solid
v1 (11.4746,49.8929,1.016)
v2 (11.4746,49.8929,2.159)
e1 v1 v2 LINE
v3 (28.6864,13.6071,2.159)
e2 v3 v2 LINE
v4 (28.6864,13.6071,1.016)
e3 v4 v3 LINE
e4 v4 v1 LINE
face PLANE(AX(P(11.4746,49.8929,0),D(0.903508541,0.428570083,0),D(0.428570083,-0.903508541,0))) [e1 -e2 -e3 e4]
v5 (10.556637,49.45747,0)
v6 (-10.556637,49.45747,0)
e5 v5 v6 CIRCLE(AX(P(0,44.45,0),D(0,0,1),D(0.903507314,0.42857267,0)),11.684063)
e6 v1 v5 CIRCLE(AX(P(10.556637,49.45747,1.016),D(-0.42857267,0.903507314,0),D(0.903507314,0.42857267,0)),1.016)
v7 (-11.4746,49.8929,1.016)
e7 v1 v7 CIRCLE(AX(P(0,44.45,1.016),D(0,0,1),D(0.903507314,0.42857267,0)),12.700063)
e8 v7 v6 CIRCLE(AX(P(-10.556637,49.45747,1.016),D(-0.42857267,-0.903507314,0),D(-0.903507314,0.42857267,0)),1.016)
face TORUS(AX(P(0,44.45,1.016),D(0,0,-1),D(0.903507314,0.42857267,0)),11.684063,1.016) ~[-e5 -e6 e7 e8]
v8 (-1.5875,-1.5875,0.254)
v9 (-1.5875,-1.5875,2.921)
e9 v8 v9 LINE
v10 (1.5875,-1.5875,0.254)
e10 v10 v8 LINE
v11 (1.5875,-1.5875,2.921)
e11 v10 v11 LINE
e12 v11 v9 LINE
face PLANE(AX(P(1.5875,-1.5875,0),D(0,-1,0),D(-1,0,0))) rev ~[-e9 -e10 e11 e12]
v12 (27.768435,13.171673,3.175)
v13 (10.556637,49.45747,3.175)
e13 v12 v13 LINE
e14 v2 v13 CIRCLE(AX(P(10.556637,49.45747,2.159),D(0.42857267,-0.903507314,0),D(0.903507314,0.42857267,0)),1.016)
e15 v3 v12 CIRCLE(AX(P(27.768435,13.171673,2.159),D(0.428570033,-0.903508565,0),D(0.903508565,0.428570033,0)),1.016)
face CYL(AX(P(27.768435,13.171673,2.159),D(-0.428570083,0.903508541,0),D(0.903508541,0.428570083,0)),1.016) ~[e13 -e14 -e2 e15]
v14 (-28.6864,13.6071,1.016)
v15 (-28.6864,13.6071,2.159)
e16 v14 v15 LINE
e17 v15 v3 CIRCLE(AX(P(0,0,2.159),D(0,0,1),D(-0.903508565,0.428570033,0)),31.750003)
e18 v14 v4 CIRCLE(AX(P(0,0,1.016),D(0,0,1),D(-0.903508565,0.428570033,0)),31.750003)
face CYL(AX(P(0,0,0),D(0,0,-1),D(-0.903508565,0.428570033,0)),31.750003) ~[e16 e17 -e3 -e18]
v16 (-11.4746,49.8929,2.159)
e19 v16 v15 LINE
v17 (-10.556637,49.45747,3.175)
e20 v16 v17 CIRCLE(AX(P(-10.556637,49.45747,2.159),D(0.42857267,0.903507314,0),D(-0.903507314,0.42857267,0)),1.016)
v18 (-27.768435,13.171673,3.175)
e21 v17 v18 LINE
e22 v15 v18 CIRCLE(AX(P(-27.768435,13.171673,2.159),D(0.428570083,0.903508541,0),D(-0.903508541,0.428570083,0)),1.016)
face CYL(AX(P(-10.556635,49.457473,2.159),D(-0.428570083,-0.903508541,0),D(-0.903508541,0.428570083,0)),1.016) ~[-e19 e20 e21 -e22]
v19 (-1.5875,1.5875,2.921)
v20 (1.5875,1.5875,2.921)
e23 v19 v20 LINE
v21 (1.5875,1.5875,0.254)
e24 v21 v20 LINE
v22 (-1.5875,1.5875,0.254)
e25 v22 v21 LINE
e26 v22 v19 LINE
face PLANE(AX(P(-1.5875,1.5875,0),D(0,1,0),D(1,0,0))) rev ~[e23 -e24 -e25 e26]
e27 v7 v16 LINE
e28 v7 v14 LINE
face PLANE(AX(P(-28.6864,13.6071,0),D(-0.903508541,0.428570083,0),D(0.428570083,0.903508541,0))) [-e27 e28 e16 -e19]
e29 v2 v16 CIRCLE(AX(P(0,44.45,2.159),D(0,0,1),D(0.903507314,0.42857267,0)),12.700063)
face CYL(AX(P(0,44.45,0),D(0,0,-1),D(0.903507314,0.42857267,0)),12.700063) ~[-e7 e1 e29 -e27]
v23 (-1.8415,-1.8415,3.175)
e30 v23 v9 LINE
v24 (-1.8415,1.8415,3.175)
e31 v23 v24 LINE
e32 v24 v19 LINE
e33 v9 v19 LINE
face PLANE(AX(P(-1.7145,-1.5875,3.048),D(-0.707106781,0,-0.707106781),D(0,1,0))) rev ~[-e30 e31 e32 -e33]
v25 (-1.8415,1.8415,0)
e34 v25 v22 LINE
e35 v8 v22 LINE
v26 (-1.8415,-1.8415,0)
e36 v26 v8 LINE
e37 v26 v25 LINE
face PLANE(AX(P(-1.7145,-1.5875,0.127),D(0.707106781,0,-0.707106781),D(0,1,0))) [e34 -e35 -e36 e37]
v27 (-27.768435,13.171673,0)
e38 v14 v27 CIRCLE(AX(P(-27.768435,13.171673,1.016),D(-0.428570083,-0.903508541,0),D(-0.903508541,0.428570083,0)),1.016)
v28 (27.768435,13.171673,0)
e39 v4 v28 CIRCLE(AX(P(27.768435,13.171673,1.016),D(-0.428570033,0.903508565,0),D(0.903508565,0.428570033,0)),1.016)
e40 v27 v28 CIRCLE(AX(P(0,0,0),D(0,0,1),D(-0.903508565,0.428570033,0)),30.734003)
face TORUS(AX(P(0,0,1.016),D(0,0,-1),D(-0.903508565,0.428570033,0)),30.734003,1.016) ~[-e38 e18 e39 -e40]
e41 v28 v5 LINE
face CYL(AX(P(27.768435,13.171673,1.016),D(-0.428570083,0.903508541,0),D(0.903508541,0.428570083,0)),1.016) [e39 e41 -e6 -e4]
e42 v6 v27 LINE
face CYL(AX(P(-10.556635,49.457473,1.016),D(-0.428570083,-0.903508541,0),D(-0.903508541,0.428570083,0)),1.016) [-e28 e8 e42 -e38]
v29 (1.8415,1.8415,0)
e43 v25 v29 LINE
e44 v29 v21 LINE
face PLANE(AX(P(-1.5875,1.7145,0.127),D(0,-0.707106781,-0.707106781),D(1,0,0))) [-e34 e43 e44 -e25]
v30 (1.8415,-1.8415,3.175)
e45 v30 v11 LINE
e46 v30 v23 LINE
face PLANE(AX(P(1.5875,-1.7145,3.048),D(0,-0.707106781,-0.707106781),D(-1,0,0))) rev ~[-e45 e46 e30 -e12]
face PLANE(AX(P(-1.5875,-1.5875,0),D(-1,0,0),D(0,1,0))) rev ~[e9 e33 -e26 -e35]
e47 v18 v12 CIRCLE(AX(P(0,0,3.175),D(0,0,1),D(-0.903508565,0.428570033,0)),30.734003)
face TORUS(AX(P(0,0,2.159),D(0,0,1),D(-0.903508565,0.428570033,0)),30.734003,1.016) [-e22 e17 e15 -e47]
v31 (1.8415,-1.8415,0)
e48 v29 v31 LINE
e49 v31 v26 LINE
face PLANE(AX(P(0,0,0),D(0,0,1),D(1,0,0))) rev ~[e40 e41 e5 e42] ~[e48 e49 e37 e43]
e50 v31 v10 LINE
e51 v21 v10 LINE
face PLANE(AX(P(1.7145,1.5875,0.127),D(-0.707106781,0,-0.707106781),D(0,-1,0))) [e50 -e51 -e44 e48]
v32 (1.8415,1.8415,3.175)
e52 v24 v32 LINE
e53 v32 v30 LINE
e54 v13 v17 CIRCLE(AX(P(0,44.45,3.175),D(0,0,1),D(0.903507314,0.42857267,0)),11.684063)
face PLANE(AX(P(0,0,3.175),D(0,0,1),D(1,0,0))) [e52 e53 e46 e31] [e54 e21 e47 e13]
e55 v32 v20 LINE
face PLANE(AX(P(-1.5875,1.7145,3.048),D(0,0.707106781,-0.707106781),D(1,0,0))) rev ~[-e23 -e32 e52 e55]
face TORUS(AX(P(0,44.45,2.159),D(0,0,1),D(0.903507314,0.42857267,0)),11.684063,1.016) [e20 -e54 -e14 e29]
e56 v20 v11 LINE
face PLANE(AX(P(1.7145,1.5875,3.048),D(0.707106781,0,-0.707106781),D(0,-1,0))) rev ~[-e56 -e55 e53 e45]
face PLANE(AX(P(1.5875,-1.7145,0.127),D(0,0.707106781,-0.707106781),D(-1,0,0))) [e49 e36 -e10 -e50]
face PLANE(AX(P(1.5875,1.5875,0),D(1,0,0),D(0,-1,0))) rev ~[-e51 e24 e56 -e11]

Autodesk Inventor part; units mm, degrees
ref_plane "YZ Plane" through (0, 0, 0) normal (1, 0, 0) x (0, 1, 0)
ref_plane "XZ Plane" through (0, 0, 0) normal (0, 1, 0) x (-1, 0, 0)
ref_plane "XY Plane" through (0, 0, 0) normal (0, 0, 1) x (1, 0, 0)
sketch "Sketch2" plane through (0, 0, 0) normal (0, 0, 1) x (1, 0, 0)
  arc A0 (-28.6864, 13.6071) -> (28.6864, 13.6071) centre (0, 0) ccw
  arc A1 (11.4746, 49.8929) -> (-11.4746, 49.8929) centre (0, 44.45) ccw
  line L0 (-28.6864, 13.6071) -> (-11.4746, 49.8929)
  line L1 (11.4746, 49.8929) -> (28.6864, 13.6071)
  line L2 (-1.5875, -1.5875) -> (-1.5875, 1.5875)
  line L3 (-1.5875, 1.5875) -> (1.5875, 1.5875)
  line L4 (1.5875, 1.5875) -> (1.5875, -1.5875)
  line L5 (1.5875, -1.5875) -> (-1.5875, -1.5875)
  line L6 (-1.5875, -1.5875) -> (1.5875, 1.5875) construction
  line L7 (-1.5875, 1.5875) -> (1.5875, -1.5875) construction
  dimension "d16" = 63.5
  dimension "d18" = 25.4
  dimension "d19" = 44.45
  dimension "d22" = 3.175
  dimension "d23" = 3.175
extrude "Extrusion3" add sketch "Sketch2" along normal blind 3.175
fillet "Fillet3" radius 1.016 8 edges at (0, 57.15, 3.175) (-20.0805, 31.75, 3.175) (0, -31.75, 3.175) (20.0805, 31.75, 3.175) (0, 57.15, 0) (-20.0805, 31.75, 0) (0, -31.75, 0) (20.0805, 31.75, 0)
chamfer "Chamfer1" distance 0.254 angle 45 8 edges at (1.5875, 0, 3.175) (0, -1.5875, 3.175) (-1.5875, 0, 3.175) (0, 1.5875, 3.175) (0, -1.5875, 0) (-1.5875, 0, 0) (0, 1.5875, 0) (1.5875, 0, 0)
properties part number "4.2 Part D"
